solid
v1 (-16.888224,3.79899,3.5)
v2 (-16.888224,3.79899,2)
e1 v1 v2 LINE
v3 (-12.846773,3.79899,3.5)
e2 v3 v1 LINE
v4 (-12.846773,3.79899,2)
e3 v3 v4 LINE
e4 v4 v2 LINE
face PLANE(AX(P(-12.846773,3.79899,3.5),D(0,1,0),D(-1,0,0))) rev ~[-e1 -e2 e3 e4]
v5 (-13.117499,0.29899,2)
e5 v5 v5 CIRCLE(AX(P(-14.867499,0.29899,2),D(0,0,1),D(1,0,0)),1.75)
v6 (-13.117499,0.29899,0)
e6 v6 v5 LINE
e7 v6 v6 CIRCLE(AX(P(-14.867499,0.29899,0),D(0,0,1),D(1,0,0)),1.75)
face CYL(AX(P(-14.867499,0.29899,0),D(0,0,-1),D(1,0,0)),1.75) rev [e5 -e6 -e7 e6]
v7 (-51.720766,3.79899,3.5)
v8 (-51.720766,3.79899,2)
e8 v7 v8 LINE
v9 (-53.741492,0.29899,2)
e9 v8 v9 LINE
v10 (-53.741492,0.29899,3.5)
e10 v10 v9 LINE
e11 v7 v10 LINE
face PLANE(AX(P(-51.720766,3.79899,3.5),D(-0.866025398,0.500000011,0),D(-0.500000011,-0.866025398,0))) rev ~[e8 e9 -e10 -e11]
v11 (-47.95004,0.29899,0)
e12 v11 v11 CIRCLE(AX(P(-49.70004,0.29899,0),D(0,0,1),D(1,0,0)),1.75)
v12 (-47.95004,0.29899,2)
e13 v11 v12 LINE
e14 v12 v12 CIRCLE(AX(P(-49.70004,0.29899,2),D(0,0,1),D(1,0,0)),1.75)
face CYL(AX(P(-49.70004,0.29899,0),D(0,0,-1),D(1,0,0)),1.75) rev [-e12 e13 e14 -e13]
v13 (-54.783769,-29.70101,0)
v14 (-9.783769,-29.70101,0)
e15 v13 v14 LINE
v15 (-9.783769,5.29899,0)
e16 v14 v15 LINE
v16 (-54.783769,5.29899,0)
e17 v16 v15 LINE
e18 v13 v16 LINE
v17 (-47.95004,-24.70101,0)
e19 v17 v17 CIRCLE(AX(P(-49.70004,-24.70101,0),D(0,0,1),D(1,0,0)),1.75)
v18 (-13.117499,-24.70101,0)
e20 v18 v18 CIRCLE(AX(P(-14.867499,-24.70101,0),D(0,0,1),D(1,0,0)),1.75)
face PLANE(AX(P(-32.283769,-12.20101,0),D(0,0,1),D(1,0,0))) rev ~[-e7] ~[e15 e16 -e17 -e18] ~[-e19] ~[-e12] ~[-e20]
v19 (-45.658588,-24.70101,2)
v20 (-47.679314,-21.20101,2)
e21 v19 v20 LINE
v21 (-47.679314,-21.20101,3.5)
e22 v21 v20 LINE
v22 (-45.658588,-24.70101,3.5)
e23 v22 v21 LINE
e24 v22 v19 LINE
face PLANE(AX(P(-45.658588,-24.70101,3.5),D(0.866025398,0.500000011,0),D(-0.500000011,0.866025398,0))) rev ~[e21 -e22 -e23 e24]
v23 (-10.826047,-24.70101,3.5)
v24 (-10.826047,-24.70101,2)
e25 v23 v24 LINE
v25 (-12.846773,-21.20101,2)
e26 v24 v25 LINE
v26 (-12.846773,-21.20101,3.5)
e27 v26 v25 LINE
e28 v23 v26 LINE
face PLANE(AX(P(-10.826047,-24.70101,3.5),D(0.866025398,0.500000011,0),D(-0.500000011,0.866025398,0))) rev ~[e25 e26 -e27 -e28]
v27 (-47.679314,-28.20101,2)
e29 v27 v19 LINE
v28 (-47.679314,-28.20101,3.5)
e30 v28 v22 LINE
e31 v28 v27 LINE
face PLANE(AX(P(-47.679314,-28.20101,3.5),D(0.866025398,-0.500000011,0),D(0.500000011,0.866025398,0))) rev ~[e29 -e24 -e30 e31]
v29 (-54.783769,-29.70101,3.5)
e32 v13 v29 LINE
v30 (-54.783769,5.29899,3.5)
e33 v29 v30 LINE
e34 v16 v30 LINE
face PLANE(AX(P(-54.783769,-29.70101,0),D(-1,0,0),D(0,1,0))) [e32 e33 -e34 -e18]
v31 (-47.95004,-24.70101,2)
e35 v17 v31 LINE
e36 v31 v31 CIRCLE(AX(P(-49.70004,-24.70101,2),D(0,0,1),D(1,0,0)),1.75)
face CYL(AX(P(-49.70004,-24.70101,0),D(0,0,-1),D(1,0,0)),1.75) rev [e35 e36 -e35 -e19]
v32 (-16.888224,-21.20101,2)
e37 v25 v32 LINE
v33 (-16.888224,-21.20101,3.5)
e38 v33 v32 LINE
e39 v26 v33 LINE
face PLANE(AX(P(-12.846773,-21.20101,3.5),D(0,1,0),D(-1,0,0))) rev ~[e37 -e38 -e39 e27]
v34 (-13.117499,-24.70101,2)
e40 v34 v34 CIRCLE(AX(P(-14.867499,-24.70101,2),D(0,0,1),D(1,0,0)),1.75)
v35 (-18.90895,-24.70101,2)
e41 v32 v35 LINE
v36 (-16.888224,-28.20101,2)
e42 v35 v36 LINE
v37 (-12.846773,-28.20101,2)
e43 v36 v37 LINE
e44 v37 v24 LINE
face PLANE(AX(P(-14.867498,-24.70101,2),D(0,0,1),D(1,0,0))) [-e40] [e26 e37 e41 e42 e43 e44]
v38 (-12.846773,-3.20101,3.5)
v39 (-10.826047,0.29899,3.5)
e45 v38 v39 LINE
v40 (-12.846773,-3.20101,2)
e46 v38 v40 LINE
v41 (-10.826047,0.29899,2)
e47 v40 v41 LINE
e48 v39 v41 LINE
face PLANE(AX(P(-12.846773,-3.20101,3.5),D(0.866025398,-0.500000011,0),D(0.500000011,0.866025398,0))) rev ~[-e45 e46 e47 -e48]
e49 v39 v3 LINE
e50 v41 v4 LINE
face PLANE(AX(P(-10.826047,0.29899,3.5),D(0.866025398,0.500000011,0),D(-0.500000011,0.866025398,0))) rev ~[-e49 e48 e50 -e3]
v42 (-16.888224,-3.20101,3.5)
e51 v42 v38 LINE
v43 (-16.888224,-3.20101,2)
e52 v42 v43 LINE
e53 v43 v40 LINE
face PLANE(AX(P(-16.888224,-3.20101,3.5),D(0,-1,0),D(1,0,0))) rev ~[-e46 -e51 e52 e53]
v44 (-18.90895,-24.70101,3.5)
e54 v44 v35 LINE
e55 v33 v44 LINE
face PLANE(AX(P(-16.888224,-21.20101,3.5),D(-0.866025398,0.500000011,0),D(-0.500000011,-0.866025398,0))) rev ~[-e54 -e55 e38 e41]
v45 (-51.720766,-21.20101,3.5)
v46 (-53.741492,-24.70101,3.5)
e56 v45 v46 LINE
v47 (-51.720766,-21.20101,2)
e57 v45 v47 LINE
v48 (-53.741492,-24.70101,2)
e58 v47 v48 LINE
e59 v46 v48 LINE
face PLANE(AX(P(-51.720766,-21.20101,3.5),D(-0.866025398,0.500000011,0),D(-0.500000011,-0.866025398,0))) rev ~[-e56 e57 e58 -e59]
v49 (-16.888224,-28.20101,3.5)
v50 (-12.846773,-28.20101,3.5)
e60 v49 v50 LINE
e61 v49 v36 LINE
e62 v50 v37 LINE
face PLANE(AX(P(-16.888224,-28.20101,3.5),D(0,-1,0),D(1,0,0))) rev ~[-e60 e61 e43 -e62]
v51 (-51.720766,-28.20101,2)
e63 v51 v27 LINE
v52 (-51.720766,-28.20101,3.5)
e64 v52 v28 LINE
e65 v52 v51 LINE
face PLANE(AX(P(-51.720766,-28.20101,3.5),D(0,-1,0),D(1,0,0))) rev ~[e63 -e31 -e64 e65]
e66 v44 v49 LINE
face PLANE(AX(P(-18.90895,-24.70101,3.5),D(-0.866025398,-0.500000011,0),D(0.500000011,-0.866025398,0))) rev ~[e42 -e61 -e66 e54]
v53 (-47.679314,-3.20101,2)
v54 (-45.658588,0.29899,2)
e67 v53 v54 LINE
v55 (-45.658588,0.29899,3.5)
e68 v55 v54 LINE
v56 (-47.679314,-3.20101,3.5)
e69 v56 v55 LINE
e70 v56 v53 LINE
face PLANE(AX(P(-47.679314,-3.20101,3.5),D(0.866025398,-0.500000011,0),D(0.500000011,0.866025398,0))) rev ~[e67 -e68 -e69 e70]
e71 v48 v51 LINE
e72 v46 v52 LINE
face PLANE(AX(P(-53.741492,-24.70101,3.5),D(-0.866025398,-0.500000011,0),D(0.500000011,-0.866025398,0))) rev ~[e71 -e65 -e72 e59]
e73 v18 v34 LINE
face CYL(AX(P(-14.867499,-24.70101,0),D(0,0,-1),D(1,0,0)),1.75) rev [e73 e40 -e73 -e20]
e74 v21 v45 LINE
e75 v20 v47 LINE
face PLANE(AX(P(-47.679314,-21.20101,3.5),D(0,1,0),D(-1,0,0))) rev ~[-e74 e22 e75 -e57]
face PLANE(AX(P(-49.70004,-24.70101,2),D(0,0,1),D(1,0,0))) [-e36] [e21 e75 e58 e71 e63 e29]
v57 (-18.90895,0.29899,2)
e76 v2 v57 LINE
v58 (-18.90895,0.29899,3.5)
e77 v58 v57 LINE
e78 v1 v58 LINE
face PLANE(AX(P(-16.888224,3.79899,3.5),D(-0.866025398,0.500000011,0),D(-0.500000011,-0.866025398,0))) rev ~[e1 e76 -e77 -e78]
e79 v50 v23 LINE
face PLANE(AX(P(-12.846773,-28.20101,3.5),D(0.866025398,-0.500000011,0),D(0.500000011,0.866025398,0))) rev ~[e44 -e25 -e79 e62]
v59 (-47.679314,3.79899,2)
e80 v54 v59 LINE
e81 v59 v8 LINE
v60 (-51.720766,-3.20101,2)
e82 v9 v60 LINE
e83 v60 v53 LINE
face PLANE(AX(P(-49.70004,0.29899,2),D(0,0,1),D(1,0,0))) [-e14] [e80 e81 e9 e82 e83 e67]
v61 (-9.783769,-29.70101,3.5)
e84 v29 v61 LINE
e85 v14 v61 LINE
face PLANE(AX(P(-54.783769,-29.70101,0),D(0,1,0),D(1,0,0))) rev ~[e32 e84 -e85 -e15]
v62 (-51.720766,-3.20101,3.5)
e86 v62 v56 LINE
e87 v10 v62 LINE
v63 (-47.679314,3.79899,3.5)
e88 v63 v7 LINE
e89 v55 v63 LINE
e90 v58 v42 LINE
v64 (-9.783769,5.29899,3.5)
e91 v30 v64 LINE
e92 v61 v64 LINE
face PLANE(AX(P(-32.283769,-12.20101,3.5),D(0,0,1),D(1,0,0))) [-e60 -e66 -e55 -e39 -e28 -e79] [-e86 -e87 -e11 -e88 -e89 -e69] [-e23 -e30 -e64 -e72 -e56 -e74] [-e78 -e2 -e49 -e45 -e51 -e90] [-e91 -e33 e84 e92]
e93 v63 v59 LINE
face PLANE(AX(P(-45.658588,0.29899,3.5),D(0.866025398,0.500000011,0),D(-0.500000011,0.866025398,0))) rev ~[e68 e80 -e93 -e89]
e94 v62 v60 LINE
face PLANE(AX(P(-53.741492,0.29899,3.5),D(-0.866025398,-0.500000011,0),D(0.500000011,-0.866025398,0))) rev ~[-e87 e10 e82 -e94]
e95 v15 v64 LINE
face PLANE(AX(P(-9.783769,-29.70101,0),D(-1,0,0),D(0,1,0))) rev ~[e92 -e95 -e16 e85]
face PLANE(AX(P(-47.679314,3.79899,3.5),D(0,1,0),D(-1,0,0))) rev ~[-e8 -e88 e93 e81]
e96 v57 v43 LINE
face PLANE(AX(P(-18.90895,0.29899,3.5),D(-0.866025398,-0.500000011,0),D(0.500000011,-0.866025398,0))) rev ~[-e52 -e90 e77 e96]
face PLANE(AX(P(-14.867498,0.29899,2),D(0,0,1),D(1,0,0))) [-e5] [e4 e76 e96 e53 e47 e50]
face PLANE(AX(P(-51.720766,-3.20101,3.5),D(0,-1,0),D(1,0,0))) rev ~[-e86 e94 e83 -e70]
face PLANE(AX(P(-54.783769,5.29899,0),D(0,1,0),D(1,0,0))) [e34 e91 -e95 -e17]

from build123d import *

# Parameters (mm, degrees)
F1_W     = 45
F1_H     = 35
F1_R     = 1.75
F2_DEPTH = 3.5
F3_R     = 1.75
F4_DEPTH = 1.5


with BuildPart() as f2:
    # F1 (on face) → F2 (new body)
    with BuildSketch(Plane.XY):
        with Locations((-32.283769, -12.20101)):
            Rectangle(F1_W, F1_H)
        with Locations((-49.70004, -24.70101)):
            Circle(F1_R, mode=Mode.SUBTRACT)
        with Locations((-14.867499, -24.70101)):
            Circle(F1_R, mode=Mode.SUBTRACT)
        with Locations((-49.70004, 0.29899)):
            Circle(F1_R, mode=Mode.SUBTRACT)
        with Locations((-14.867499, 0.29899)):
            Circle(F1_R, mode=Mode.SUBTRACT)
    extrude(amount=F2_DEPTH)

    # F3 (on face) → F4 (cut)
    with BuildSketch(Plane.XY.offset(3.5)):
        Polygon((-45.658588, -24.70101), (-47.679314, -21.20101), (-51.720766, -21.20101), (-53.741492, -24.70101), (-51.720766, -28.20101), (-47.679314, -28.20101), align=None)
        with Locations((-49.70004, -24.70101)):
            Circle(F3_R, mode=Mode.SUBTRACT)
        Polygon((-45.658588, 0.29899), (-47.679314, 3.79899), (-51.720766, 3.79899), (-53.741492, 0.29899), (-51.720766, -3.20101), (-47.679314, -3.20101), align=None)
        with Locations((-49.70004, 0.29899)):
            Circle(F3_R, mode=Mode.SUBTRACT)
        Polygon((-16.888224, 3.79899), (-18.90895, 0.29899), (-16.888224, -3.20101), (-12.846773, -3.20101), (-10.826047, 0.29899), (-12.846773, 3.79899), align=None)
        with Locations((-14.867499, 0.29899)):
            Circle(F3_R, mode=Mode.SUBTRACT)
        Polygon((-12.846773, -21.20101), (-16.888224, -21.20101), (-18.90895, -24.70101), (-16.888224, -28.20101), (-12.846773, -28.20101), (-10.826047, -24.70101), align=None)
        with Locations((-14.867499, -24.70101)):
            Circle(F3_R, mode=Mode.SUBTRACT)
    extrude(amount=-F4_DEPTH, mode=Mode.SUBTRACT)


solid = f2.part
